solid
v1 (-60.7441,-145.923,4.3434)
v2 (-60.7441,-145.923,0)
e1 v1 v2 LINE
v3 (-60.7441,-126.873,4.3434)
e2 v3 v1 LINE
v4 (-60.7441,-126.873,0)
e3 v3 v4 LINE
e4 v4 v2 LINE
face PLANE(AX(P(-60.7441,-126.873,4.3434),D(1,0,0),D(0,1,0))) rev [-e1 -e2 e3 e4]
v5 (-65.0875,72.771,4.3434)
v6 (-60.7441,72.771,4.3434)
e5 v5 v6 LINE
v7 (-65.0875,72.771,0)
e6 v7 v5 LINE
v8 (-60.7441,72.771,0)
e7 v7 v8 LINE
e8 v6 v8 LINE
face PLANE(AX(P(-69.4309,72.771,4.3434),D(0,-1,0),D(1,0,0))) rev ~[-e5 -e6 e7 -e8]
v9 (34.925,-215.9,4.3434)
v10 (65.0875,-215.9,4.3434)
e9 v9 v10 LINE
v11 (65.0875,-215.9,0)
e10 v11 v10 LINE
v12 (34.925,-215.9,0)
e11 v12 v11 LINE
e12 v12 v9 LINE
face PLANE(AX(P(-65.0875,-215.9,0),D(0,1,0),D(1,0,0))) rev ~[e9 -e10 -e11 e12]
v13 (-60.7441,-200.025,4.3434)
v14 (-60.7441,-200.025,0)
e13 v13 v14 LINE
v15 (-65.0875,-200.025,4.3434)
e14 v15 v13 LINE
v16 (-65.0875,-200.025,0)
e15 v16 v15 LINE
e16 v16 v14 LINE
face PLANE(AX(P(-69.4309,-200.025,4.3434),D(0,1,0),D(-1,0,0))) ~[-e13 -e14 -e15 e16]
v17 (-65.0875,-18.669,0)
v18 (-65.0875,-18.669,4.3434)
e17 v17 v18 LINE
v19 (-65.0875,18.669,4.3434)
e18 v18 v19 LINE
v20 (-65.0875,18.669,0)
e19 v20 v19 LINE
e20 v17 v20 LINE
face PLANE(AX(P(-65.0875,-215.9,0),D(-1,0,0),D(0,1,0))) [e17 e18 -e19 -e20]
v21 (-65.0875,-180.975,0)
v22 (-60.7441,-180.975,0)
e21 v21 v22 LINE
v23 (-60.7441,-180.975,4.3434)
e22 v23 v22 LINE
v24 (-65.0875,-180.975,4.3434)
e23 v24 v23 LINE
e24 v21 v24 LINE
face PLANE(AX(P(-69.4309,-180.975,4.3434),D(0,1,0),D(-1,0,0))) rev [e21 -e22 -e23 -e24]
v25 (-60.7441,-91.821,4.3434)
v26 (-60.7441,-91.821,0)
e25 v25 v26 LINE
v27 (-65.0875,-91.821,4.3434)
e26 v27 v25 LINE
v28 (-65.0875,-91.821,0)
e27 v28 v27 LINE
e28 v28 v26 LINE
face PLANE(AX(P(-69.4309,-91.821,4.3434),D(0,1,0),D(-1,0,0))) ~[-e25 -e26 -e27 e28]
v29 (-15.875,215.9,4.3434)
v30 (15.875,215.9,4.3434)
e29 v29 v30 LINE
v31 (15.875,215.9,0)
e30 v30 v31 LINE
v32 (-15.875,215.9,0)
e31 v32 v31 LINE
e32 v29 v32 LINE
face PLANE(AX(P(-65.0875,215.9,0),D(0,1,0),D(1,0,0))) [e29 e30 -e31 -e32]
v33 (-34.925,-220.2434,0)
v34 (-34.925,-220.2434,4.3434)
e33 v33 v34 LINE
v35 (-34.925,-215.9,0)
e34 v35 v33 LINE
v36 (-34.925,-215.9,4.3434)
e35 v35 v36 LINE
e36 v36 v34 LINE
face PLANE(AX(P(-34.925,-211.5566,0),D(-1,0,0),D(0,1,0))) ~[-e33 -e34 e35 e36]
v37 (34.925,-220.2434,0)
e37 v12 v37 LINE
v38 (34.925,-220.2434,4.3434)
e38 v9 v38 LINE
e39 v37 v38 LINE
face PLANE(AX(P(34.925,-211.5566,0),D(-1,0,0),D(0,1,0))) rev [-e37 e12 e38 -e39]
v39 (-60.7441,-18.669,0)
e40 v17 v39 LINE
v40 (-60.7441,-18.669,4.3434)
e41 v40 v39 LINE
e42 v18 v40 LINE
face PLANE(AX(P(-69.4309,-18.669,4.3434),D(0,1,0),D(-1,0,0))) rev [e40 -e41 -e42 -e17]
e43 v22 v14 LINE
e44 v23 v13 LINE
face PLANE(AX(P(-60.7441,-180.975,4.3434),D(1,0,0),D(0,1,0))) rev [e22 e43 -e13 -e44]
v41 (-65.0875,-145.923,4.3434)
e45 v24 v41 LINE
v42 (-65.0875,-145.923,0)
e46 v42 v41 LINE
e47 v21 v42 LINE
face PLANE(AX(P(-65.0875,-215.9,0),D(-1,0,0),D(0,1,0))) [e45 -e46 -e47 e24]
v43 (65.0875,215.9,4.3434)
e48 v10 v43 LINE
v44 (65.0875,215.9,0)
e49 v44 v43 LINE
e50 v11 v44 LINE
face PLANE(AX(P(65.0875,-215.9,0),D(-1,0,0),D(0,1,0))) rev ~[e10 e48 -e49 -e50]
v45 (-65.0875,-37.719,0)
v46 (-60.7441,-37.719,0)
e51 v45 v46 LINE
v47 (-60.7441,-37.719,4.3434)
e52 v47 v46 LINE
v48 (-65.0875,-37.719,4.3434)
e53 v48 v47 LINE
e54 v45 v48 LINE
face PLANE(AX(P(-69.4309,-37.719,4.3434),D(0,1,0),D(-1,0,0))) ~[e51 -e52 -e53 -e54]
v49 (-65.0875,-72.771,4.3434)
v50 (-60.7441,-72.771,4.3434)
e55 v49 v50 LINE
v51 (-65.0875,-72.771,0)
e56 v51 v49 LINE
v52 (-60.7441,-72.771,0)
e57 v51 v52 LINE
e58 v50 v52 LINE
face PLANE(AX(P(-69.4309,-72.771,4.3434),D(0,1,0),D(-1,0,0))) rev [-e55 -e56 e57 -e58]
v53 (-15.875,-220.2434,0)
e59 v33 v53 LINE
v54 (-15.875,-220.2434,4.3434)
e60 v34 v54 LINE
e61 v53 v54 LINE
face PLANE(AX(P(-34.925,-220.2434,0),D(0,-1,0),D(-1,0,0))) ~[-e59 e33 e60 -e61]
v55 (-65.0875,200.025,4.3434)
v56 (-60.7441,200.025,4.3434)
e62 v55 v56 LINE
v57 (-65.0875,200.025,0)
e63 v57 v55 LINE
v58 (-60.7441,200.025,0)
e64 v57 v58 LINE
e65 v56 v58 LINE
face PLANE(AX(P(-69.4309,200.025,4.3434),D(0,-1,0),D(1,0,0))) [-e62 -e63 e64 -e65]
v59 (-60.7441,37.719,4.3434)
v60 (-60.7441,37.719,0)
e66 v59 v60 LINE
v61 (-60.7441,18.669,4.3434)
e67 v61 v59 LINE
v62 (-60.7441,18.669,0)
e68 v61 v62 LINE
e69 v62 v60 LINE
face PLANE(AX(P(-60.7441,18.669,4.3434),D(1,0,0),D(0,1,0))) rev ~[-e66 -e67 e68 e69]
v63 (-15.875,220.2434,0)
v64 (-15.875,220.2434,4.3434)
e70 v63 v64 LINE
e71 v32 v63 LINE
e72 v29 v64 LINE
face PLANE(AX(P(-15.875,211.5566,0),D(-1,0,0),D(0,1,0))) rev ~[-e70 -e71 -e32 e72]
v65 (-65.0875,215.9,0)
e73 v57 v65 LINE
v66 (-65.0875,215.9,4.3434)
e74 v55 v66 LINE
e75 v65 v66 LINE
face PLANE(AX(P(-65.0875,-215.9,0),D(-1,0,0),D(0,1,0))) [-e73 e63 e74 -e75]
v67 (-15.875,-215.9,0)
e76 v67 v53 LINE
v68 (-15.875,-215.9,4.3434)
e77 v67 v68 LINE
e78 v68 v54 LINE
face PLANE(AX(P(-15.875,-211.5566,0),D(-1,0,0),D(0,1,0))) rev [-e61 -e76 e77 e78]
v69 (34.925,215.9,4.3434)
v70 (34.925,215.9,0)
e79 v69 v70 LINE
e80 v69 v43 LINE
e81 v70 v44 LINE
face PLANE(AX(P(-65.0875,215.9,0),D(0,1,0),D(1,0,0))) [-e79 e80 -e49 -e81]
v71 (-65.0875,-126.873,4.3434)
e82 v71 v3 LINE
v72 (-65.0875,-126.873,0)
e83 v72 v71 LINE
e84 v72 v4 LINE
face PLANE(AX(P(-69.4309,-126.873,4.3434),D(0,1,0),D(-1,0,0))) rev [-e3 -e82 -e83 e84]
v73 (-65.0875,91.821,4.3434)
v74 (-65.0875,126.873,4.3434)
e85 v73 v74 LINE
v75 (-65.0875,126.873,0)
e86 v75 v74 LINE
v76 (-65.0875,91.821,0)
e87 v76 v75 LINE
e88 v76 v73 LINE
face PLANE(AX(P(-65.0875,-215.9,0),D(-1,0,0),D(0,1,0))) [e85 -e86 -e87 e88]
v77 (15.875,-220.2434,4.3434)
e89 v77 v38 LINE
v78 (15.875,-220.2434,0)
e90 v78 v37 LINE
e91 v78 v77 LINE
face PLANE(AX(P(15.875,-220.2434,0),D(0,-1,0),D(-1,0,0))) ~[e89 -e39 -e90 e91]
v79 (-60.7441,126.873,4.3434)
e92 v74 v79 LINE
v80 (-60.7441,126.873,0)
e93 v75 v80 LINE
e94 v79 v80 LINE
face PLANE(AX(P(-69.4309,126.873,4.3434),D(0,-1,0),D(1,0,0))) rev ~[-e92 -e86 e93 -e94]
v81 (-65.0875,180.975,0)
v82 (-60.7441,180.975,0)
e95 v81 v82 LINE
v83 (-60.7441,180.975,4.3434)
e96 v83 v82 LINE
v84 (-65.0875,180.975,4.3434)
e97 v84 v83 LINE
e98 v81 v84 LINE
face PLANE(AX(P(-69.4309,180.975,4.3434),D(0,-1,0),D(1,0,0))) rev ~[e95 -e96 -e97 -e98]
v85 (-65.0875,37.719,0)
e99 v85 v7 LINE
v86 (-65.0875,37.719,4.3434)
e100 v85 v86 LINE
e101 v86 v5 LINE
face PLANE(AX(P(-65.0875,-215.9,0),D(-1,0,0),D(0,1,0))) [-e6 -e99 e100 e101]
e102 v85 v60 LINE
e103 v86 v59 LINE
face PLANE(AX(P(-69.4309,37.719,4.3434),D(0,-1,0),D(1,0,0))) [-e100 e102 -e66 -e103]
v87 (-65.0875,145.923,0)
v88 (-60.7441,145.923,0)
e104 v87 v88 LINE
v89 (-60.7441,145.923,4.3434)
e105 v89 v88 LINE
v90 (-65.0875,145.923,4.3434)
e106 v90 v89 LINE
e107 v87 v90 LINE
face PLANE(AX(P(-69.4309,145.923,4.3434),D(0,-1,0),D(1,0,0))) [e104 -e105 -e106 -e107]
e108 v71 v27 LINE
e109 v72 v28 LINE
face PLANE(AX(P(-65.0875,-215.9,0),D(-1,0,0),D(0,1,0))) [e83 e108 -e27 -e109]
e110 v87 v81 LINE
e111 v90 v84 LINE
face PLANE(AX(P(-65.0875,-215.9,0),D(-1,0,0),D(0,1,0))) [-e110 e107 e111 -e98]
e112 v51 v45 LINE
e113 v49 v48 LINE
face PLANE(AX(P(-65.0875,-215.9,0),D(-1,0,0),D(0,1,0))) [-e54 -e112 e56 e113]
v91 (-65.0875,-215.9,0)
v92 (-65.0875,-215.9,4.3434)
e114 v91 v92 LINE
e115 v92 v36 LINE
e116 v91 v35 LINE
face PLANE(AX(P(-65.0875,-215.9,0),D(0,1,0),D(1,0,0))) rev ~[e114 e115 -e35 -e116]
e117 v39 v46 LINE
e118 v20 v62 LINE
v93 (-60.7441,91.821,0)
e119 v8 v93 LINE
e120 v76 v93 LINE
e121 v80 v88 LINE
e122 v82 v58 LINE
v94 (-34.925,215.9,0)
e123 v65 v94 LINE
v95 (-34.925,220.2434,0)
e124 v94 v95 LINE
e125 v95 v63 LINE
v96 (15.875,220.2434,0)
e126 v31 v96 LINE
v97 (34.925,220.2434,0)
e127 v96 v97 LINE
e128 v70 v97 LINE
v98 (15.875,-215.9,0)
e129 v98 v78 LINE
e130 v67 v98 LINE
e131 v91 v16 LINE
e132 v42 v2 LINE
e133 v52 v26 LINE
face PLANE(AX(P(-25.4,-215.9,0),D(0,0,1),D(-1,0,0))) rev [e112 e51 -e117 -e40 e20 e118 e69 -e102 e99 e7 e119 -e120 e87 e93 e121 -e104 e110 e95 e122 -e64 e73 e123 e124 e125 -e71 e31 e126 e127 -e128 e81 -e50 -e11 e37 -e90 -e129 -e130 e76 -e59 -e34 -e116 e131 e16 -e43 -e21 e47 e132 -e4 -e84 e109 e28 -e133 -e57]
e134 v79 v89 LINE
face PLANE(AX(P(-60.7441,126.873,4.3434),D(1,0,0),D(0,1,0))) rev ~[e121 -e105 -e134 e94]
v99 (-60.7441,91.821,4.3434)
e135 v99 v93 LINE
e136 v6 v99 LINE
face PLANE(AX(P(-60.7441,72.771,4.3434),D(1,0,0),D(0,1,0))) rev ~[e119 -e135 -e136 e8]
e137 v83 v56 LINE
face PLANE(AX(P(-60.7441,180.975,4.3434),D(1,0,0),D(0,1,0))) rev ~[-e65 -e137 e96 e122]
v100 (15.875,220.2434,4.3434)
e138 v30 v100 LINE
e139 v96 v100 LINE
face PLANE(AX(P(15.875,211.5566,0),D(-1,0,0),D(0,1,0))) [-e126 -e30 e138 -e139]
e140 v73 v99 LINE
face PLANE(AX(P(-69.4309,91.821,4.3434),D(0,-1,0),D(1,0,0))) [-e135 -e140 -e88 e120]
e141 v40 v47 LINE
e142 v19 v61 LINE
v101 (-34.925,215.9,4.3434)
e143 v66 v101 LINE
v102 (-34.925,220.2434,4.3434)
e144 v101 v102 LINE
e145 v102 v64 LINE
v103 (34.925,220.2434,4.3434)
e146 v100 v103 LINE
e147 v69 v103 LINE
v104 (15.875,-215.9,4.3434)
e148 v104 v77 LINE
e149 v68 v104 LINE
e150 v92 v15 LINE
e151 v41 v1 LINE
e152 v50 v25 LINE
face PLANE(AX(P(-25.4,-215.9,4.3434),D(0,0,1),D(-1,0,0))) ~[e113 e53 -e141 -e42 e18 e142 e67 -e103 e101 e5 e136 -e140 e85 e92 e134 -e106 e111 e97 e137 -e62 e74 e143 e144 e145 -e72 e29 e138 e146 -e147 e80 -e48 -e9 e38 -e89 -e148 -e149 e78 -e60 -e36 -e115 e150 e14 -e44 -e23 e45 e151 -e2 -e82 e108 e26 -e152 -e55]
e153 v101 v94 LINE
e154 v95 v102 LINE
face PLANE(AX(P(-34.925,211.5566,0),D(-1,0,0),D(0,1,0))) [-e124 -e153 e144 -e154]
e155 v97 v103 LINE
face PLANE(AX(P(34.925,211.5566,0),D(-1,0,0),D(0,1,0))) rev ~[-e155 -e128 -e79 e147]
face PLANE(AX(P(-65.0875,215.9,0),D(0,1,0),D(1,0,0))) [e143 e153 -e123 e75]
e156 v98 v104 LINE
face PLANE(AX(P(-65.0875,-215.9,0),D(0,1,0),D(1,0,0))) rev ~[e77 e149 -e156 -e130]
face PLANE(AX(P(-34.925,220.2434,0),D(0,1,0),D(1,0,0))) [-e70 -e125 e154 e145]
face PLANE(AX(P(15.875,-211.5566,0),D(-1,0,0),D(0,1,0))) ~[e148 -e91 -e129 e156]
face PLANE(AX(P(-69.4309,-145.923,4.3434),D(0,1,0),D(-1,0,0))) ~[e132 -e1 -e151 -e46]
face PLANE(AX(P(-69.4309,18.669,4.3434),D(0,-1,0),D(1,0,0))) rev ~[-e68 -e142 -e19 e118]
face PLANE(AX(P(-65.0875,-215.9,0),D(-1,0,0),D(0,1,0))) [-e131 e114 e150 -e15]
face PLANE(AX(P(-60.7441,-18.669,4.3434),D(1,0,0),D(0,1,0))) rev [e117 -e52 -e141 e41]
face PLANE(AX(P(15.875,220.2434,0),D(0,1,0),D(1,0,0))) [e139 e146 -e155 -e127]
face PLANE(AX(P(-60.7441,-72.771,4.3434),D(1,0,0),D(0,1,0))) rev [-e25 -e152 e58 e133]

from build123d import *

# Parameters (mm, degrees)
SKETCH1_W           = 130.175
SKETCH1_H           = 431.8
BOSS_EXTRUDE1_DEPTH = 4.3434
SKETCH2_W           = 8.6868
SKETCH2_H           = 19.05
SKETCH2_W_2         = 19.05
SKETCH2_H_2         = 8.6868
CUT_EXTRUDE1_DEPTH  = 226.539481643
SKETCH3_W           = 19.05
SKETCH3_H           = 8.6868
BOSS_EXTRUDE2_DEPTH = 4.3434


with BuildPart() as part:
    # Sketch1 → Boss-Extrude1 (new body)
    with BuildSketch(Plane.XY):
        Rectangle(SKETCH1_W, SKETCH1_H)
    extrude(amount=BOSS_EXTRUDE1_DEPTH)

    # Sketch2 → Cut-Extrude1 (cut, through all)
    with BuildSketch(Plane.XY.offset(4.3434)):
        with Locations((-65.0875, 190.5)):
            Rectangle(SKETCH2_W, SKETCH2_H)
        with Locations((-25.4, 215.9)):
            Rectangle(SKETCH2_W_2, SKETCH2_H_2)
        with Locations((25.4, 215.9)):
            Rectangle(SKETCH2_W_2, SKETCH2_H_2)
        with Locations((-65.0875, 136.398)):
            Rectangle(SKETCH2_W, SKETCH2_H)
        with Locations((-65.0875, 82.296)):
            Rectangle(SKETCH2_W, SKETCH2_H)
        with Locations((-65.0875, 28.194)):
            Rectangle(SKETCH2_W, SKETCH2_H)
    cut_extrude1 = extrude(amount=-CUT_EXTRUDE1_DEPTH, mode=Mode.SUBTRACT)

    # Mirror1: Cut-Extrude1 across plane
    add(cut_extrude1.mirror(Plane.ZX), mode=Mode.SUBTRACT)

    # Sketch3 → Boss-Extrude2 (add)
    with BuildSketch(Plane.XY):
        with Locations((-25.4, 215.9)):
            Rectangle(SKETCH3_W, SKETCH3_H)
        with Locations((25.4, 215.9)):
            Rectangle(SKETCH3_W, SKETCH3_H)
    boss_extrude2 = extrude(amount=BOSS_EXTRUDE2_DEPTH)

    # Mirror2: Boss-Extrude2 across plane
    add(boss_extrude2.mirror(Plane.ZX))


solid = part.part
